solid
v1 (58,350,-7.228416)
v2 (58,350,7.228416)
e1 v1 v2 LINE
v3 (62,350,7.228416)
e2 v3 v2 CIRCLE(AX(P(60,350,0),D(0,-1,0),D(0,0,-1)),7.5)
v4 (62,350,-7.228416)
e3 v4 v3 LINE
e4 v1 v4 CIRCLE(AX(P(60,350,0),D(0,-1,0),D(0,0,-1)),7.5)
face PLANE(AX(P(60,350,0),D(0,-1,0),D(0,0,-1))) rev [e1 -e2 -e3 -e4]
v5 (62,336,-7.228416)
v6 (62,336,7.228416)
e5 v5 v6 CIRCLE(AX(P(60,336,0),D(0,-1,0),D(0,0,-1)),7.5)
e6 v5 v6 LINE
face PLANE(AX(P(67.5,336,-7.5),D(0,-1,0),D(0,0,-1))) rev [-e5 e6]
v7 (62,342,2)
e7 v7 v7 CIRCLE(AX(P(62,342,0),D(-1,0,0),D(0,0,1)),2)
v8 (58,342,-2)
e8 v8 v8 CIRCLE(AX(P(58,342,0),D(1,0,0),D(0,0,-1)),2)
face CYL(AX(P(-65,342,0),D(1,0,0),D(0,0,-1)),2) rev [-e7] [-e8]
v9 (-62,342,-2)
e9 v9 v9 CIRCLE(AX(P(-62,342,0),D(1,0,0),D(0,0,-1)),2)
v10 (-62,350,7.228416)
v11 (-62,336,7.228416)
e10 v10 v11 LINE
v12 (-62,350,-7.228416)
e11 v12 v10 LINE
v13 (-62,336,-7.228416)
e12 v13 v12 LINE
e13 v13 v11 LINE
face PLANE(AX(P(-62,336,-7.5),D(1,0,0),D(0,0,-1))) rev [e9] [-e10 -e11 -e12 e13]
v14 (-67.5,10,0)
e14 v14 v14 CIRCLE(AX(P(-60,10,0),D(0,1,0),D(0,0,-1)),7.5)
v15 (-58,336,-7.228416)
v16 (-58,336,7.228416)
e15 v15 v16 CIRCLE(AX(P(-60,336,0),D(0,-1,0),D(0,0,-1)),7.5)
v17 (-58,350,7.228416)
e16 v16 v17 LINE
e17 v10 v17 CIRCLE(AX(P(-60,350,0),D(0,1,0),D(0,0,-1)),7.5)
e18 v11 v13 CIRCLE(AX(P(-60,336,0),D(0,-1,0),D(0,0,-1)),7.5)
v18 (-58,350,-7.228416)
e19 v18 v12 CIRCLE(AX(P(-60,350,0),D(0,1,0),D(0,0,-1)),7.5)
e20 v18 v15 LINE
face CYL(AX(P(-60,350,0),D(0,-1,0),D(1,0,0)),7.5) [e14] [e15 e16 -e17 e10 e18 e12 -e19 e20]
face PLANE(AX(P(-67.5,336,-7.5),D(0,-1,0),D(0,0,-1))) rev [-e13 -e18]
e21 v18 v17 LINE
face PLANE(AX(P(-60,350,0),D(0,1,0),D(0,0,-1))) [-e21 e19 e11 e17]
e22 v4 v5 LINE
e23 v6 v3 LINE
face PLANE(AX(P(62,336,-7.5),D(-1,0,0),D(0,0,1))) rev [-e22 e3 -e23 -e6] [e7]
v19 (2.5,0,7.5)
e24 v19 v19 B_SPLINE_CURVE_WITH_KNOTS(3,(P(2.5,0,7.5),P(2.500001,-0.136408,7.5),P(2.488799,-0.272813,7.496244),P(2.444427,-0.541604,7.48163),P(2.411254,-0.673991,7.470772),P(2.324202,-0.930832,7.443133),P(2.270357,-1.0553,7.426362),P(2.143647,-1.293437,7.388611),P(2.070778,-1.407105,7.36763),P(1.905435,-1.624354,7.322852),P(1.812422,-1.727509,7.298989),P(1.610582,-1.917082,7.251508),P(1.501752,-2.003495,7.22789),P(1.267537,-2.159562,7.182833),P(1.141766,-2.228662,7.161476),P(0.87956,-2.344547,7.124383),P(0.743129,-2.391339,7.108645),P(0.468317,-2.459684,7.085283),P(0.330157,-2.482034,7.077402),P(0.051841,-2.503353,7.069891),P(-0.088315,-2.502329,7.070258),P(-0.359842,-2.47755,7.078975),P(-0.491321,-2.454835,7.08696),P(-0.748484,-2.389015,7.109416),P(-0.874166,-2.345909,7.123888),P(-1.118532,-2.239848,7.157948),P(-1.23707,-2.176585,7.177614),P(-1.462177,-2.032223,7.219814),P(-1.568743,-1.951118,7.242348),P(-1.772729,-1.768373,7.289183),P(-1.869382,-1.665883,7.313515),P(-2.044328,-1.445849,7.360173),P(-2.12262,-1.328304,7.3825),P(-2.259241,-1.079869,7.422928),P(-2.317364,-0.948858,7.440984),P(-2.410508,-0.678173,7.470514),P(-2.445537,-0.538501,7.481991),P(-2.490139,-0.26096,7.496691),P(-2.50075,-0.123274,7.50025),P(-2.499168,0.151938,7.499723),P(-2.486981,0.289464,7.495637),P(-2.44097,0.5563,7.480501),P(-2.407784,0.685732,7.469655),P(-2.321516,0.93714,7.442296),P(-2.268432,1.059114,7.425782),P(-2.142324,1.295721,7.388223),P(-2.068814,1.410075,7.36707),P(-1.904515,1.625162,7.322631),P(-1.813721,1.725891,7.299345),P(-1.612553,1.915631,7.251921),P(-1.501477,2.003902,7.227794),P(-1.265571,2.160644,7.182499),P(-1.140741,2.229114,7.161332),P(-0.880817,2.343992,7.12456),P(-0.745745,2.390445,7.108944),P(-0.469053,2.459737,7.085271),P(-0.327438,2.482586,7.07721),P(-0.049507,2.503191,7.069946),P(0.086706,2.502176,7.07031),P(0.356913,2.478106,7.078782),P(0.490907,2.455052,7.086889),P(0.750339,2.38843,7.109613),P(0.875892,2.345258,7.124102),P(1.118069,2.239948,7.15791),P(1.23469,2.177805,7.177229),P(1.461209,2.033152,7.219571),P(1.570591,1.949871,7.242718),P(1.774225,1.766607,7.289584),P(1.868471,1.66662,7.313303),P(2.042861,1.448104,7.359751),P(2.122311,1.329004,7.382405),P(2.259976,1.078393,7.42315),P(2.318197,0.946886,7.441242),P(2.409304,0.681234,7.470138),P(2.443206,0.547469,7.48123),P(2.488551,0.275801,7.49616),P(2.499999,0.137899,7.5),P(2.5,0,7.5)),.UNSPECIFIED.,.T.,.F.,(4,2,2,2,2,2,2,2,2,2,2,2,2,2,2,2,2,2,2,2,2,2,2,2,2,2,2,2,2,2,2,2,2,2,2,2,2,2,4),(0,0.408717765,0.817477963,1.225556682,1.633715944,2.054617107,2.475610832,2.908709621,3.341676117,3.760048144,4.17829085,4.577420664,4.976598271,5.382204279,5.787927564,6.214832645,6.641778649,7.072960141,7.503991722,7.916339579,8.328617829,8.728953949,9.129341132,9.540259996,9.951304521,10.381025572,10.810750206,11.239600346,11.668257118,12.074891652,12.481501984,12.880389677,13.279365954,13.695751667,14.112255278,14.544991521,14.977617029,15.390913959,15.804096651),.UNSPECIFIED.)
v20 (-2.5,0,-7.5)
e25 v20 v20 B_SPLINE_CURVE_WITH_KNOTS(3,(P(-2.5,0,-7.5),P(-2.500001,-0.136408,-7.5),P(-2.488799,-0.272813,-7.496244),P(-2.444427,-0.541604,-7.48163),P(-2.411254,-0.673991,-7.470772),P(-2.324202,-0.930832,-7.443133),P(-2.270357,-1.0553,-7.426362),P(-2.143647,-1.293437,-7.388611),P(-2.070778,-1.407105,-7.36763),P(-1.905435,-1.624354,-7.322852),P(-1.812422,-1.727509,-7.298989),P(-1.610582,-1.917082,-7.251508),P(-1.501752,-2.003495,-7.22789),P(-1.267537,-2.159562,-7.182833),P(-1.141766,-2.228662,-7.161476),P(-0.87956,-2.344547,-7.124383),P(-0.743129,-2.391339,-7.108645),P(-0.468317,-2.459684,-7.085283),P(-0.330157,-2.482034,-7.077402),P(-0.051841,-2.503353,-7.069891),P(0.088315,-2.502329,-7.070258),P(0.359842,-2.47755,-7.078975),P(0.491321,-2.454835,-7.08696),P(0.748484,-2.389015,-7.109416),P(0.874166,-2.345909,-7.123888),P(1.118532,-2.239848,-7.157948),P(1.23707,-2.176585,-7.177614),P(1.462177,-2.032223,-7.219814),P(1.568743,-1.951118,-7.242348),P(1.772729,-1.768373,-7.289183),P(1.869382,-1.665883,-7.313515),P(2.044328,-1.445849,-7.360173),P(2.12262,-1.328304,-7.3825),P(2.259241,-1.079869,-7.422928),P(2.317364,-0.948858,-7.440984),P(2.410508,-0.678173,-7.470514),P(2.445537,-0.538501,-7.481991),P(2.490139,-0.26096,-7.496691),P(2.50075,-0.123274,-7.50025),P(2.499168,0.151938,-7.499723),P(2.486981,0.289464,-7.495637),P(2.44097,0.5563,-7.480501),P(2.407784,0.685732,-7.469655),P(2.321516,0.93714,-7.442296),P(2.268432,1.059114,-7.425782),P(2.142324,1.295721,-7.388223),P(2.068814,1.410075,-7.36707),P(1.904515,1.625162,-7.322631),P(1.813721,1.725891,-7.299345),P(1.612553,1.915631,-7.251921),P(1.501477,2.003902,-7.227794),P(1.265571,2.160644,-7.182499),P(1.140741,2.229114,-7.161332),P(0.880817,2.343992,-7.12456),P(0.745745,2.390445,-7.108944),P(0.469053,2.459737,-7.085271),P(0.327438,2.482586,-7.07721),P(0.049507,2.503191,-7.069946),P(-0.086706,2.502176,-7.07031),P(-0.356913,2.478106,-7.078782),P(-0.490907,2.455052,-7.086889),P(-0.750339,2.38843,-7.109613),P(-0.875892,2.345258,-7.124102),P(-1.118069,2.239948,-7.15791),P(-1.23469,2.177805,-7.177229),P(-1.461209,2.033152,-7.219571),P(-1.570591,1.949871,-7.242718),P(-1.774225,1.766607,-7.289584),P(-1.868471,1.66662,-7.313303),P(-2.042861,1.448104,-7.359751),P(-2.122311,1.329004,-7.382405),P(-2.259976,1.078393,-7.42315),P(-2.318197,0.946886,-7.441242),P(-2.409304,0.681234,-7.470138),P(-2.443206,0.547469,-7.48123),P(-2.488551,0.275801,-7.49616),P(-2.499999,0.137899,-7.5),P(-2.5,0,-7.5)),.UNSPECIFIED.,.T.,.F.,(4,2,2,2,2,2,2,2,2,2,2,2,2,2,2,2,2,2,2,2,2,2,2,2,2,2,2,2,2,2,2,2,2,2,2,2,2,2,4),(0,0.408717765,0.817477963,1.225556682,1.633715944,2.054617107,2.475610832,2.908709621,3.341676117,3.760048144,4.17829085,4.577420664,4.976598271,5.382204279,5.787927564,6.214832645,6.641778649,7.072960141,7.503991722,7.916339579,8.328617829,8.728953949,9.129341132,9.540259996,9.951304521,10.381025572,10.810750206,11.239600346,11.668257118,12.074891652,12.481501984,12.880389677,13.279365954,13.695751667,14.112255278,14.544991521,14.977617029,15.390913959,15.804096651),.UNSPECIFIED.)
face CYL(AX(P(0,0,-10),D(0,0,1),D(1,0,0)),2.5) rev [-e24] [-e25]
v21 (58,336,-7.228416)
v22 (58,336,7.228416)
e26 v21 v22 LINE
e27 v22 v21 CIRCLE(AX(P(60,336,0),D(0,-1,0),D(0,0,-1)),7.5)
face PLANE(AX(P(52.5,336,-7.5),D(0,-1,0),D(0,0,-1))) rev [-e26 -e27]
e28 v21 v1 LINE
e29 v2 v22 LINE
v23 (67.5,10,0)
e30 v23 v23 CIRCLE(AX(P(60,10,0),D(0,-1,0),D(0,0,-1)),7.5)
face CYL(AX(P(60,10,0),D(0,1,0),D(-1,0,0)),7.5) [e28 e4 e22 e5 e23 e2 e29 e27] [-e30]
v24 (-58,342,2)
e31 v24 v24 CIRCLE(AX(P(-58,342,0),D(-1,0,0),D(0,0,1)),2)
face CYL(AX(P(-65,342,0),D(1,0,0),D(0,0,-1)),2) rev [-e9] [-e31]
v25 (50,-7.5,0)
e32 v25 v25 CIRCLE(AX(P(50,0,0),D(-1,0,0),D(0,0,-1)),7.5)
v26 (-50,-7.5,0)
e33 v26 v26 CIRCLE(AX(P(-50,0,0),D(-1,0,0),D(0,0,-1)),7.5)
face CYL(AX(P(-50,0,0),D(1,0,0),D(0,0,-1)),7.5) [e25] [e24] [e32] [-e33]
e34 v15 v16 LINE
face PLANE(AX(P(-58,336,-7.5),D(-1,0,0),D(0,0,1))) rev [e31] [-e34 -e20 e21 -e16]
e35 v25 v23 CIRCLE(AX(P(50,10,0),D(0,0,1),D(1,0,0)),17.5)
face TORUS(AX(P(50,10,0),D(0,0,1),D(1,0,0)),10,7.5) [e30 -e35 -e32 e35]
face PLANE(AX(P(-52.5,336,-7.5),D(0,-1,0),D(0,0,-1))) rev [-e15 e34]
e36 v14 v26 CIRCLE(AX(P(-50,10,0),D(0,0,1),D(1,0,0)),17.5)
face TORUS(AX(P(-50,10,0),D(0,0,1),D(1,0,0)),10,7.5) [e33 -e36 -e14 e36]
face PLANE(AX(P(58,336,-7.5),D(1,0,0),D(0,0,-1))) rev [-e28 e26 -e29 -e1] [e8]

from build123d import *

# Parameters (mm, degrees)
SWEEP2_PROFILE_R   = 7.5
SKETCH41_W         = 5.5
SKETCH41_H         = 14
CUT_EXTRUDE1_DEPTH = 7.5
SKETCH40_R         = 2
CUT_EXTRUDE2_DEPTH = 65
SKETCH42_R         = 2.5
CUT_EXTRUDE3_DEPTH = 10


with BuildPart() as part:
    # Sweep2: sweep along a path in Sketch1
    with BuildLine(Plane.XY) as sweep2_path:
        Line((-60, 350), (-60, 10))
        ThreePointArc((-60, 10), (-57.071067812, 2.928932188), (-50, 0))
        Line((-50, 0), (50, 0))
        ThreePointArc((50, 0), (57.071067812, 2.928932188), (60, 10))
        Line((60, 10), (60, 350))
    # Sweep2 profile (on start of the path) → Sweep2 (sweep)
    with BuildSketch(Plane(origin=(-60, 350, 0), x_dir=(-1, 0, 0), z_dir=(0, -1, 0))):
        Circle(SWEEP2_PROFILE_R)
    sweep(path=sweep2_path.line)

    # Sketch41 → Cut-Extrude1 (cut, symmetric)
    with BuildSketch(Plane.XY):
        with Locations((-64.75, 343)):
            Rectangle(SKETCH41_W, SKETCH41_H)
        with Locations((-55.25, 343)):
            Rectangle(SKETCH41_W, SKETCH41_H)
        with Locations((55.25, 343)):
            Rectangle(SKETCH41_W, SKETCH41_H)
        with Locations((64.75, 343)):
            Rectangle(SKETCH41_W, SKETCH41_H)
    extrude(amount=CUT_EXTRUDE1_DEPTH, both=True, mode=Mode.SUBTRACT)

    # Sketch40 → Cut-Extrude2 (cut, symmetric)
    with BuildSketch(Plane(origin=(0, 0, 0), x_dir=(0, 0, -1), z_dir=(1, 0, 0))):
        with Locations((0, 342)):
            Circle(SKETCH40_R)
    extrude(amount=CUT_EXTRUDE2_DEPTH, both=True, mode=Mode.SUBTRACT)

    # Sketch42 → Cut-Extrude3 (cut, symmetric)
    with BuildSketch(Plane.XY):
        Circle(SKETCH42_R)
    extrude(amount=CUT_EXTRUDE3_DEPTH, both=True, mode=Mode.SUBTRACT)


solid = part.part
